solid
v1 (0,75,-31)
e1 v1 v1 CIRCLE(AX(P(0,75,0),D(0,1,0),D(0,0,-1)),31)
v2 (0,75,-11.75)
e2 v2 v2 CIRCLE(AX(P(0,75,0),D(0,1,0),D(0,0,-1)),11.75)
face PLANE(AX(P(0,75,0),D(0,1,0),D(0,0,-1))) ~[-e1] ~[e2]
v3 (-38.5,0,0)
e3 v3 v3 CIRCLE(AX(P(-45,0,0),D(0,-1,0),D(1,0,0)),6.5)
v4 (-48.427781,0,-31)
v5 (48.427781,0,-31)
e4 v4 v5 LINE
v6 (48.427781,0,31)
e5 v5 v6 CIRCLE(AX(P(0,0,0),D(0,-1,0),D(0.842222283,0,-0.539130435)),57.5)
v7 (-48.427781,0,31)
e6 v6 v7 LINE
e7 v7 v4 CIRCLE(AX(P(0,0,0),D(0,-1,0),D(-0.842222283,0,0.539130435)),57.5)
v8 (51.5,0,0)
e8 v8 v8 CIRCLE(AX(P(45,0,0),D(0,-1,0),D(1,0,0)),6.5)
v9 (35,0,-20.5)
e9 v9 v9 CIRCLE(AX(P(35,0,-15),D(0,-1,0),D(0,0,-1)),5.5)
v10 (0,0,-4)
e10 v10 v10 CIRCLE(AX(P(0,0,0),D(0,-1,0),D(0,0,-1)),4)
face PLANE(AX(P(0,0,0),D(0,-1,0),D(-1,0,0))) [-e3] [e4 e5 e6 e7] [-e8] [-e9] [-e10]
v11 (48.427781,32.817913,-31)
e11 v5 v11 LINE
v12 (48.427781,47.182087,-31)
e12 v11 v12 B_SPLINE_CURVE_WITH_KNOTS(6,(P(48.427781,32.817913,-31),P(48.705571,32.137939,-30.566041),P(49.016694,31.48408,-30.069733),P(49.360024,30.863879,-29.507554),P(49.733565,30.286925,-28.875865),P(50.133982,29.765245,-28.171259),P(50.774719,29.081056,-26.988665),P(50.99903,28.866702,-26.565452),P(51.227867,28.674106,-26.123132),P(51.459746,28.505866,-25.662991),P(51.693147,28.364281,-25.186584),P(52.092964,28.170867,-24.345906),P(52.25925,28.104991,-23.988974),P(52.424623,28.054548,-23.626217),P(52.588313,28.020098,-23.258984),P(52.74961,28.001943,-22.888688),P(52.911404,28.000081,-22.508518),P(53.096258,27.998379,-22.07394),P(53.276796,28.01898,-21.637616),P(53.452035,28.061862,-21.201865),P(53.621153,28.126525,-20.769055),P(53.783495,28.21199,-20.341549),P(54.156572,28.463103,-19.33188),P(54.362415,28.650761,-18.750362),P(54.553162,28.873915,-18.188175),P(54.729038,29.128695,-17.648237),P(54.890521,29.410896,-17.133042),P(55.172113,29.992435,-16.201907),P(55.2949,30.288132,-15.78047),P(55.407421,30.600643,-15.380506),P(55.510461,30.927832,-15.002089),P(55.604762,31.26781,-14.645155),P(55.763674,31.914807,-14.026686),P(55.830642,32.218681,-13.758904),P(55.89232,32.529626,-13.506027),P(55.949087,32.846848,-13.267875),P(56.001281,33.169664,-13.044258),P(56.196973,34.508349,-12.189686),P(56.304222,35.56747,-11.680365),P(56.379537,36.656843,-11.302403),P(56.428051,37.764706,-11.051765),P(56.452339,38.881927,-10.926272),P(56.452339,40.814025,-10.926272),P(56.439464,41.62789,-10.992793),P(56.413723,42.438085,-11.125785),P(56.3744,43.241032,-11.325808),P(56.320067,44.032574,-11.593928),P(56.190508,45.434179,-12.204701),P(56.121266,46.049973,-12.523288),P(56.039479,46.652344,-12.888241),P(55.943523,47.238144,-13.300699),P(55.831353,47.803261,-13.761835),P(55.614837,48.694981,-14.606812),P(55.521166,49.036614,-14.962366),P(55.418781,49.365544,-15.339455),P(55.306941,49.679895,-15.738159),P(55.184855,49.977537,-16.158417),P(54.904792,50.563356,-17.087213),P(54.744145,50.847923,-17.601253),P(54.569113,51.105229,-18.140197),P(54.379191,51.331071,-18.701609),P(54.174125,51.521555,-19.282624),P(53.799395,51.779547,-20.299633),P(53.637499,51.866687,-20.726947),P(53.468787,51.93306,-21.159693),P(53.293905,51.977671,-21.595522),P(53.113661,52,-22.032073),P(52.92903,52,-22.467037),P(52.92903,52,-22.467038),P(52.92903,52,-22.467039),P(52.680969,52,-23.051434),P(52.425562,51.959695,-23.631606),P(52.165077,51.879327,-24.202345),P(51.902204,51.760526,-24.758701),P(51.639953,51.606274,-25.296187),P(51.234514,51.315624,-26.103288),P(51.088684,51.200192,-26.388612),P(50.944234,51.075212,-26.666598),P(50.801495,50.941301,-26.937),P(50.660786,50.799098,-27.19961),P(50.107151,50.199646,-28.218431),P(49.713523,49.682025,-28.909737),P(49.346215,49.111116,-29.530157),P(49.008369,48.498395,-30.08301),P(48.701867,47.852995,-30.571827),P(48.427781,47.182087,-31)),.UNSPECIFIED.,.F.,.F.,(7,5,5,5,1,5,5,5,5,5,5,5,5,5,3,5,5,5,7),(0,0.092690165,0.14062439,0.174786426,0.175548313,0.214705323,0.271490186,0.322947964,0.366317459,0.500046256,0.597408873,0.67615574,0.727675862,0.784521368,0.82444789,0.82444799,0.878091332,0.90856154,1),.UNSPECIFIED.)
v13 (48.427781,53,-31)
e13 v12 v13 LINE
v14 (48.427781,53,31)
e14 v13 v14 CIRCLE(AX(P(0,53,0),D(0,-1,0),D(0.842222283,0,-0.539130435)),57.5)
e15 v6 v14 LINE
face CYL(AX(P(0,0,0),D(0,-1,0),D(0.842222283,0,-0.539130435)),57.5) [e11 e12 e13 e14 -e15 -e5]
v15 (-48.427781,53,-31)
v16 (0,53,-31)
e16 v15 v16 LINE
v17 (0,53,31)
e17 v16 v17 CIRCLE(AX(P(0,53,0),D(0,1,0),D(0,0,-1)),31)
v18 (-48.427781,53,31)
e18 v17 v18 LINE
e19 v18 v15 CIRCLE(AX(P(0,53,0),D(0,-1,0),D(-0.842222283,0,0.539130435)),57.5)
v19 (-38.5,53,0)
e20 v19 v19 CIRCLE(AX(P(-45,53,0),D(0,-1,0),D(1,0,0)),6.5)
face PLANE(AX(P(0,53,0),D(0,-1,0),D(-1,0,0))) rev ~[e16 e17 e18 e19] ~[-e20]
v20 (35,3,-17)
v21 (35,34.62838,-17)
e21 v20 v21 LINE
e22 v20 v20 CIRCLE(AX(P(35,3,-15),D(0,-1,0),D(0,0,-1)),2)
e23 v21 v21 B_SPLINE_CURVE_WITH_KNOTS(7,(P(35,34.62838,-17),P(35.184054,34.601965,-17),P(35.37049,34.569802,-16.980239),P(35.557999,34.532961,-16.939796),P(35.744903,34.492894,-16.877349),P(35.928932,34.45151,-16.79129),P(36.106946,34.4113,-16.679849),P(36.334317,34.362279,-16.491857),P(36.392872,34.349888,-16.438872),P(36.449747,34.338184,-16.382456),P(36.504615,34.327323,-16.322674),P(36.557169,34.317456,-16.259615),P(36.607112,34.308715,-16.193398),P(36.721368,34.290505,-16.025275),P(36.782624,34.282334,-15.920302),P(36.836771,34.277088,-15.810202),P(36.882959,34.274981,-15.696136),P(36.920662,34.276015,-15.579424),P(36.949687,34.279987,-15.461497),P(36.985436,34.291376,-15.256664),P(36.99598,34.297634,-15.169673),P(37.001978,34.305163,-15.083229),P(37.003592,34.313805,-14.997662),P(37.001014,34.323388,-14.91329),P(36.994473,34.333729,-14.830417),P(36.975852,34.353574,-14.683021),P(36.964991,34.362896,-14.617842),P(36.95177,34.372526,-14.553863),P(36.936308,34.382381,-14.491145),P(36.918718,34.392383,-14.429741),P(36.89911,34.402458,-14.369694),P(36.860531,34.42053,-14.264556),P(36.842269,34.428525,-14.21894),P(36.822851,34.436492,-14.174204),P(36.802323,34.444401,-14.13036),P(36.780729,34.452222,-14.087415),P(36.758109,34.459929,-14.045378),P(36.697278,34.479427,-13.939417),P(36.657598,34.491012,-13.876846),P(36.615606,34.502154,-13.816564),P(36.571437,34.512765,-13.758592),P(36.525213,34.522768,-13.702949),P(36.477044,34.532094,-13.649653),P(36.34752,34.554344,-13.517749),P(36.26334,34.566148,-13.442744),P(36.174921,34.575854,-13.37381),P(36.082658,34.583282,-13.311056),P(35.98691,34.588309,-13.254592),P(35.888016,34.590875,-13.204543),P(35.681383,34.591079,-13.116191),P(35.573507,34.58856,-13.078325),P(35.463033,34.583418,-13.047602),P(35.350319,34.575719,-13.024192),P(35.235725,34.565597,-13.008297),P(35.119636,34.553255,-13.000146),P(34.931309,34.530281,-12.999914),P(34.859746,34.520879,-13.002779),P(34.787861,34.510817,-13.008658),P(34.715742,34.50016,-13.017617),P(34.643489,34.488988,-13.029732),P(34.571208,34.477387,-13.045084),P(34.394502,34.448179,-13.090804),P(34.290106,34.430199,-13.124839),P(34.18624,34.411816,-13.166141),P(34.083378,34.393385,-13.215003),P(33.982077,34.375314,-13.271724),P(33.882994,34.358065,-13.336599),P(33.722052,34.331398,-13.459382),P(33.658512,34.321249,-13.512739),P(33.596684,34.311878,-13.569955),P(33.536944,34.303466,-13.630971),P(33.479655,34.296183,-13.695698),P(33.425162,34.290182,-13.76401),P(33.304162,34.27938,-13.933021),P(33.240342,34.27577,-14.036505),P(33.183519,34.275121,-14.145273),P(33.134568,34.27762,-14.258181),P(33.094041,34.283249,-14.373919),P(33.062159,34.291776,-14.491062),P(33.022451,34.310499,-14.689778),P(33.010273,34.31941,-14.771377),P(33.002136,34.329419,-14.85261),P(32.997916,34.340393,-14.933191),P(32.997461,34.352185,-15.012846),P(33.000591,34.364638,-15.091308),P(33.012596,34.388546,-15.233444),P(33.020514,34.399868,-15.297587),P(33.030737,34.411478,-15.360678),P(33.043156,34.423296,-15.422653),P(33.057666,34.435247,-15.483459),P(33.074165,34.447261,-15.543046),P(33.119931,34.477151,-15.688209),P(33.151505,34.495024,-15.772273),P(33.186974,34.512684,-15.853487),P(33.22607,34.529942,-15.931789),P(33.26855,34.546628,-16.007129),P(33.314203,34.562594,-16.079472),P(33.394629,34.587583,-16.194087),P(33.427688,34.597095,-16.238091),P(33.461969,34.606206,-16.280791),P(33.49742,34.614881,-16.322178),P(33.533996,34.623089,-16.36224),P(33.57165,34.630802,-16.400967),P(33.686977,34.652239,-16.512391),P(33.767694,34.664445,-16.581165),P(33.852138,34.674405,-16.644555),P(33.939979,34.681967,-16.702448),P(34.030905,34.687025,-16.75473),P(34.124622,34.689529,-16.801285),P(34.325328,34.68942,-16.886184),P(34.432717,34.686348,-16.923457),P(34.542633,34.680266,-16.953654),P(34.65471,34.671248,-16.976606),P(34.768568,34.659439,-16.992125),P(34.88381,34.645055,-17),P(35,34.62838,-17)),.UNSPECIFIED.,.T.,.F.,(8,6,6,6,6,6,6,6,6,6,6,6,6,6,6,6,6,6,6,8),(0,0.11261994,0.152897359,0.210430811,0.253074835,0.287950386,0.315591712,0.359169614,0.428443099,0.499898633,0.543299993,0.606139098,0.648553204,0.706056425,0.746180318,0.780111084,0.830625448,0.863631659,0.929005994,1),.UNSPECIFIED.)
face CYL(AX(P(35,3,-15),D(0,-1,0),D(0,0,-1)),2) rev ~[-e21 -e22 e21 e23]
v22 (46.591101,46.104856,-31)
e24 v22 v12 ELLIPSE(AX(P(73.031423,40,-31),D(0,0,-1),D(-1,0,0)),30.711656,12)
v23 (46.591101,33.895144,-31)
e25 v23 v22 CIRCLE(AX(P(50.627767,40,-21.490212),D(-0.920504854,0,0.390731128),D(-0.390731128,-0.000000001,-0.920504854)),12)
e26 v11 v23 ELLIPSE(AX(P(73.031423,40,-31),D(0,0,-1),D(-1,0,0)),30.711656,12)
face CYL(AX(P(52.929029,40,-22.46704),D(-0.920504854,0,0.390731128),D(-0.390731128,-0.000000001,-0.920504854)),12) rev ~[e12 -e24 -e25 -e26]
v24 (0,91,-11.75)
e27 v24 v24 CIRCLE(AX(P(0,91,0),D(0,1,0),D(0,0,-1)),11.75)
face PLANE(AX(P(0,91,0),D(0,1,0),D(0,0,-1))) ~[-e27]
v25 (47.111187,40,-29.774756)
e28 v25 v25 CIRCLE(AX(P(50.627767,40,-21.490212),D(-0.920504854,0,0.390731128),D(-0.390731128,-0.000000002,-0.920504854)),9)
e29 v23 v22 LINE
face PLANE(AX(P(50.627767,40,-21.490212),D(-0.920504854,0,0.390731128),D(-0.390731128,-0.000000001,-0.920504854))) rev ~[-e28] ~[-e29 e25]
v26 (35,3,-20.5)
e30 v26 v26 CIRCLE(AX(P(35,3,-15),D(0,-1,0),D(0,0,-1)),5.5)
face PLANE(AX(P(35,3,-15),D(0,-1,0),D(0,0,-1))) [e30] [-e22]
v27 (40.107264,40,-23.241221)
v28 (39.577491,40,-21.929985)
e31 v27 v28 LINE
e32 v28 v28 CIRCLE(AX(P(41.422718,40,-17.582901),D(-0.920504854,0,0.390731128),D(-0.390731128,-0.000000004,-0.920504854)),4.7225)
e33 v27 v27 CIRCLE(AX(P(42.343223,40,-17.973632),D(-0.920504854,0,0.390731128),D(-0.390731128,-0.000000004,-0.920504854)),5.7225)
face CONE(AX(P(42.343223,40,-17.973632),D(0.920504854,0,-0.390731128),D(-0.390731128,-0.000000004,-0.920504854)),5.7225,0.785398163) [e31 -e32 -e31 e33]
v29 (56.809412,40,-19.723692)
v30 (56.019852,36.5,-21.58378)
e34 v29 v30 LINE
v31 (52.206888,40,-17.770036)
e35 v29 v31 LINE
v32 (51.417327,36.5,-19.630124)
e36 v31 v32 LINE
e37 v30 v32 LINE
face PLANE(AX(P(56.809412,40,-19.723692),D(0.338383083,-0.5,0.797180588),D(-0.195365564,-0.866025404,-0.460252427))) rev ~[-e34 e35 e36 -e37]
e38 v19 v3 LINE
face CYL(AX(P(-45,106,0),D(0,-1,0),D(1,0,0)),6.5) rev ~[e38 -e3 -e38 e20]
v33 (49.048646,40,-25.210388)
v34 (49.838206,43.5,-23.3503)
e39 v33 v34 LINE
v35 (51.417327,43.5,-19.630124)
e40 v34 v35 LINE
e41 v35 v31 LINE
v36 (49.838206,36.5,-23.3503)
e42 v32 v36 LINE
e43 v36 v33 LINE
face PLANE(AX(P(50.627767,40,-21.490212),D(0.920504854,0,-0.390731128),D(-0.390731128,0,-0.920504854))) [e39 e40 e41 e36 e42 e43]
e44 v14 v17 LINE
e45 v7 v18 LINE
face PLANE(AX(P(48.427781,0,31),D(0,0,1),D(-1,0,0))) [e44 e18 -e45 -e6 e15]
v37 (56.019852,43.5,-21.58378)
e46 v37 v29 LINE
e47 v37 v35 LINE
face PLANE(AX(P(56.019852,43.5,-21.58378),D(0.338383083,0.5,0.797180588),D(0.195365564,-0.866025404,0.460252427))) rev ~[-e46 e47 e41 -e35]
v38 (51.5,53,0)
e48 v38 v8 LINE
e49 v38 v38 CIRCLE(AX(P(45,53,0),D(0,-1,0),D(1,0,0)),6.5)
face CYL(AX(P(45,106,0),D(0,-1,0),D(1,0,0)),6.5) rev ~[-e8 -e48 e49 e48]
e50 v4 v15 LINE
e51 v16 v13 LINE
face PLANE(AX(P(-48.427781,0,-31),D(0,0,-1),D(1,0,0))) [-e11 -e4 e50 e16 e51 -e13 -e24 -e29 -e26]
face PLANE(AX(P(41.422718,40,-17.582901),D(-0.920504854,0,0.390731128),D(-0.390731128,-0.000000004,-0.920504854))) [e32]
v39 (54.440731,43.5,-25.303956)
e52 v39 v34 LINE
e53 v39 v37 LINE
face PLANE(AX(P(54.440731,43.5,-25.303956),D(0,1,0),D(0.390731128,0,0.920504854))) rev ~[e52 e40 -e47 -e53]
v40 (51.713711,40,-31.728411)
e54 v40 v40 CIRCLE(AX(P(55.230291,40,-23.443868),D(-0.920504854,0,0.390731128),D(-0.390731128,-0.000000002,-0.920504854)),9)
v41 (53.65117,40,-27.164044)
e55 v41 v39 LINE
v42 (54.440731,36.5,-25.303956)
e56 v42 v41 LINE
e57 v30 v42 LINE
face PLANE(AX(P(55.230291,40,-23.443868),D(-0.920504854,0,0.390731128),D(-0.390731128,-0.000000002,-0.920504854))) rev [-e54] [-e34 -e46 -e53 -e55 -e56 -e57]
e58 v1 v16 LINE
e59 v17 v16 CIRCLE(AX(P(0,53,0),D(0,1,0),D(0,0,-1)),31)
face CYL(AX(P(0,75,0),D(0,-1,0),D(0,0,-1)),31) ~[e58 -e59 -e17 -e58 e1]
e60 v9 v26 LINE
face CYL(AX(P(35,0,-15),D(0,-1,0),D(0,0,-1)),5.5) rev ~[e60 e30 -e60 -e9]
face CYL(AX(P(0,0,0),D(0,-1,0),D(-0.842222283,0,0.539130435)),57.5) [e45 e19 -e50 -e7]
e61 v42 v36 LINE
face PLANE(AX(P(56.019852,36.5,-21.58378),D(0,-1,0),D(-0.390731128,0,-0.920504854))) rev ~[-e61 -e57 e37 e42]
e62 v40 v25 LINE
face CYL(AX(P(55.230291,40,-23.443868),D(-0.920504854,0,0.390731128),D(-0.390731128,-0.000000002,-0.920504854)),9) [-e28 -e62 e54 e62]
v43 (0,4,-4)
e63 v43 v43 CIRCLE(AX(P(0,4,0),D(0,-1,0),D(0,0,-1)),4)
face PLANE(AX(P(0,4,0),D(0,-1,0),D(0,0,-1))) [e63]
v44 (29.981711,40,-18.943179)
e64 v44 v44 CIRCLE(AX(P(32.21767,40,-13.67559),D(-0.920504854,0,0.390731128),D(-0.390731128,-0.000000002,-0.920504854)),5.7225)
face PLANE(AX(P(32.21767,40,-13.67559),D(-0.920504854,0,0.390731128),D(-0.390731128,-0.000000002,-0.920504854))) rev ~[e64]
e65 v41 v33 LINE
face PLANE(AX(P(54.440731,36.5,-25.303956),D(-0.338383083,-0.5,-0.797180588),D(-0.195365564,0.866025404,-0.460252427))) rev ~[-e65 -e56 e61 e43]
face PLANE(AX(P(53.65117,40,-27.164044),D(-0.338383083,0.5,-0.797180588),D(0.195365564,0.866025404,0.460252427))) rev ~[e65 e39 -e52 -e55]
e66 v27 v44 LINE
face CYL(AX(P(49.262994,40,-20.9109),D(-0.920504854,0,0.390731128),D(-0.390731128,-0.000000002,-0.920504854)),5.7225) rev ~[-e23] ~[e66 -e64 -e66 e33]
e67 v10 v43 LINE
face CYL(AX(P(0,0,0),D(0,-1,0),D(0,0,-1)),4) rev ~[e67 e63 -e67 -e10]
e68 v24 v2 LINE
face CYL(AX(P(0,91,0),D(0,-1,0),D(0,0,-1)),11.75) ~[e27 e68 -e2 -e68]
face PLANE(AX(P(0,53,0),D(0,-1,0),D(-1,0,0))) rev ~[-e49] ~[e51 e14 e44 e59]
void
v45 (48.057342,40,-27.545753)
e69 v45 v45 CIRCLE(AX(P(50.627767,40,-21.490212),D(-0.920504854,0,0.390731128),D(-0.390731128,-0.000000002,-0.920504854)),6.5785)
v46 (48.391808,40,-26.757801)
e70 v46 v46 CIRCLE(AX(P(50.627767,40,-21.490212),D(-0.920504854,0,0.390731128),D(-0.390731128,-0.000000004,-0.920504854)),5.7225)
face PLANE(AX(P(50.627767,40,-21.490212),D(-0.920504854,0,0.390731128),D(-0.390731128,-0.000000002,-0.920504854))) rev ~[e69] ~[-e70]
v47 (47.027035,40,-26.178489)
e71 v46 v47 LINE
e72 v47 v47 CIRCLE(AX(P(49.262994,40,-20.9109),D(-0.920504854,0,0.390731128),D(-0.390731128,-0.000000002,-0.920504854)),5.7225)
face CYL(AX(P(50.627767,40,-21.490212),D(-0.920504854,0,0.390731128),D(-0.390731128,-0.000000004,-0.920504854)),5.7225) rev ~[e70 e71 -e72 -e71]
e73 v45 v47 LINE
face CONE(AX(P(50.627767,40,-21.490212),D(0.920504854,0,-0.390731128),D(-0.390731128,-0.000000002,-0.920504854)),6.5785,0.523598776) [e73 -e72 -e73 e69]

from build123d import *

# Parameters (mm, degrees)
EXTRUDE1_DEPTH     = 53
HOLE1_D            = 13
HOLE1_DEPTH        = 53
SKETCH5_R          = 4
CUT_EXTRUDE1_DEPTH = 4
SKETCH6_R          = 5.5
CUT_EXTRUDE2_DEPTH = 3
SKETCH7_R          = 2
CUT_EXTRUDE3_DEPTH = 33
CUT_EXTRUDE4_DEPTH = 5


with BuildPart() as part:
    # Sketch1 → Extrude1 (new body)
    with BuildSketch(Plane(origin=(0, 0, 0), x_dir=(1, 0, 0), z_dir=(0, 1, 0))):
        with BuildLine():
            Line((-48.427781283, 31), (48.427781283, 31))
            ThreePointArc((48.427781283, 31), (57.5, 0), (48.427781283, -31))
            Line((48.427781283, -31), (-48.427781283, -31))
            ThreePointArc((-48.427781283, -31), (-57.5, 0), (-48.427781283, 31))
        make_face()
    extrude(amount=EXTRUDE1_DEPTH)

    # Sketch2 → Revolve1 (revolve)
    with BuildSketch(Plane.XY, mode=Mode.PRIVATE) as revolve1_sk:
        Polygon((0, 91), (-11.75, 91), (-11.75, 75), (-31, 75), (-31, 53), (0, 53), align=None)
    revolve(revolve1_sk.sketch.rotate(Axis((0, 0, 0), (0, 1, 0)), 270), axis=Axis((0, 0, 0), (0, 1, 0)))  # turned: the seam where the file's is

    # Hole1
    with Locations(Plane(origin=(0, 53, 0), x_dir=(-1, 0, 0), z_dir=(0, 1, 0))):
        with Locations((45, 0), (-45, 0)):
            Hole(HOLE1_D / 2, depth=HOLE1_DEPTH)

    # Sketch5 → Cut-Extrude1 (cut)
    with BuildSketch(Plane.XZ):
        with Locations(Location((0, 0, 0), (0, 0, 270))):  # turned: the seam where the file's is
            Circle(SKETCH5_R)
    extrude(amount=-CUT_EXTRUDE1_DEPTH, mode=Mode.SUBTRACT)

    # Sketch6 → Cut-Extrude2 (cut)
    with BuildSketch(Plane.XZ):
        with Locations(Location((35, -15, 0), (0, 0, 270))):  # turned: the seam where the file's is
            Circle(SKETCH6_R)
    extrude(amount=-CUT_EXTRUDE2_DEPTH, mode=Mode.SUBTRACT)

    # Sketch7 → Cut-Extrude3 (cut)
    with BuildSketch(Plane.XZ.offset(-3)):
        with Locations(Location((35, -15, 0), (0, 0, 270))):  # turned: the seam where the file's is
            Circle(SKETCH7_R)
    extrude(amount=-CUT_EXTRUDE3_DEPTH, mode=Mode.SUBTRACT)

    # Sketch8 → Cut-Revolve1 (revolve, cut)
    with BuildSketch(Plane(origin=(0, 0, 0), x_dir=(0.920504853, 0, -0.390731128), z_dir=(0.390731128, 0, 0.920504853)), mode=Mode.PRIVATE) as cut_revolve1_sk:
        Polygon((57.5, 28), (55, 28), (55, 33.4215), (53.517364509, 34.2775), (35, 34.2775), (35, 40), (57.5, 40), align=None)
    revolve(cut_revolve1_sk.sketch.rotate(Axis((47.484793311, 40, -20.156098913), (-0.920504853, 0, 0.390731128)), 270), axis=Axis((47.484793311, 40, -20.156098913), (-0.920504853, 0, 0.390731128)), mode=Mode.SUBTRACT)  # turned: the seam where the file's is

    # Sketch9 → Revolve2 (revolve)
    with BuildSketch(Plane(origin=(0, 0, 0), x_dir=(0.920504853, 0, -0.390731128), z_dir=(0.390731128, 0, 0.920504853)), mode=Mode.PRIVATE) as revolve2_sk:
        Polygon((55, 31), (55, 34.2775), (46, 34.2775), (45, 35.2775), (45, 40), (60, 40), (60, 31), align=None)
    revolve(revolve2_sk.sketch.rotate(Axis((68.658528533, 40, -29.14381628), (-0.920504853, 0, 0.390731128)), 270), axis=Axis((68.658528533, 40, -29.14381628), (-0.920504853, 0, 0.390731128)))  # turned: the seam where the file's is

    # Sketch10 → Cut-Extrude4 (cut)
    with BuildSketch(Plane(origin=(55.230291207, 0, -23.443867709), x_dir=(-0.390731128, 0, -0.920504853), z_dir=(0.920504853, 0, -0.390731128))):
        Polygon((4.041451884, 40), (2.020725942, 43.5), (-2.020725942, 43.5), (-4.041451884, 40), (-2.020725942, 36.5), (2.020725942, 36.5), align=None)
    extrude(amount=-CUT_EXTRUDE4_DEPTH, mode=Mode.SUBTRACT)


solid = part.part
